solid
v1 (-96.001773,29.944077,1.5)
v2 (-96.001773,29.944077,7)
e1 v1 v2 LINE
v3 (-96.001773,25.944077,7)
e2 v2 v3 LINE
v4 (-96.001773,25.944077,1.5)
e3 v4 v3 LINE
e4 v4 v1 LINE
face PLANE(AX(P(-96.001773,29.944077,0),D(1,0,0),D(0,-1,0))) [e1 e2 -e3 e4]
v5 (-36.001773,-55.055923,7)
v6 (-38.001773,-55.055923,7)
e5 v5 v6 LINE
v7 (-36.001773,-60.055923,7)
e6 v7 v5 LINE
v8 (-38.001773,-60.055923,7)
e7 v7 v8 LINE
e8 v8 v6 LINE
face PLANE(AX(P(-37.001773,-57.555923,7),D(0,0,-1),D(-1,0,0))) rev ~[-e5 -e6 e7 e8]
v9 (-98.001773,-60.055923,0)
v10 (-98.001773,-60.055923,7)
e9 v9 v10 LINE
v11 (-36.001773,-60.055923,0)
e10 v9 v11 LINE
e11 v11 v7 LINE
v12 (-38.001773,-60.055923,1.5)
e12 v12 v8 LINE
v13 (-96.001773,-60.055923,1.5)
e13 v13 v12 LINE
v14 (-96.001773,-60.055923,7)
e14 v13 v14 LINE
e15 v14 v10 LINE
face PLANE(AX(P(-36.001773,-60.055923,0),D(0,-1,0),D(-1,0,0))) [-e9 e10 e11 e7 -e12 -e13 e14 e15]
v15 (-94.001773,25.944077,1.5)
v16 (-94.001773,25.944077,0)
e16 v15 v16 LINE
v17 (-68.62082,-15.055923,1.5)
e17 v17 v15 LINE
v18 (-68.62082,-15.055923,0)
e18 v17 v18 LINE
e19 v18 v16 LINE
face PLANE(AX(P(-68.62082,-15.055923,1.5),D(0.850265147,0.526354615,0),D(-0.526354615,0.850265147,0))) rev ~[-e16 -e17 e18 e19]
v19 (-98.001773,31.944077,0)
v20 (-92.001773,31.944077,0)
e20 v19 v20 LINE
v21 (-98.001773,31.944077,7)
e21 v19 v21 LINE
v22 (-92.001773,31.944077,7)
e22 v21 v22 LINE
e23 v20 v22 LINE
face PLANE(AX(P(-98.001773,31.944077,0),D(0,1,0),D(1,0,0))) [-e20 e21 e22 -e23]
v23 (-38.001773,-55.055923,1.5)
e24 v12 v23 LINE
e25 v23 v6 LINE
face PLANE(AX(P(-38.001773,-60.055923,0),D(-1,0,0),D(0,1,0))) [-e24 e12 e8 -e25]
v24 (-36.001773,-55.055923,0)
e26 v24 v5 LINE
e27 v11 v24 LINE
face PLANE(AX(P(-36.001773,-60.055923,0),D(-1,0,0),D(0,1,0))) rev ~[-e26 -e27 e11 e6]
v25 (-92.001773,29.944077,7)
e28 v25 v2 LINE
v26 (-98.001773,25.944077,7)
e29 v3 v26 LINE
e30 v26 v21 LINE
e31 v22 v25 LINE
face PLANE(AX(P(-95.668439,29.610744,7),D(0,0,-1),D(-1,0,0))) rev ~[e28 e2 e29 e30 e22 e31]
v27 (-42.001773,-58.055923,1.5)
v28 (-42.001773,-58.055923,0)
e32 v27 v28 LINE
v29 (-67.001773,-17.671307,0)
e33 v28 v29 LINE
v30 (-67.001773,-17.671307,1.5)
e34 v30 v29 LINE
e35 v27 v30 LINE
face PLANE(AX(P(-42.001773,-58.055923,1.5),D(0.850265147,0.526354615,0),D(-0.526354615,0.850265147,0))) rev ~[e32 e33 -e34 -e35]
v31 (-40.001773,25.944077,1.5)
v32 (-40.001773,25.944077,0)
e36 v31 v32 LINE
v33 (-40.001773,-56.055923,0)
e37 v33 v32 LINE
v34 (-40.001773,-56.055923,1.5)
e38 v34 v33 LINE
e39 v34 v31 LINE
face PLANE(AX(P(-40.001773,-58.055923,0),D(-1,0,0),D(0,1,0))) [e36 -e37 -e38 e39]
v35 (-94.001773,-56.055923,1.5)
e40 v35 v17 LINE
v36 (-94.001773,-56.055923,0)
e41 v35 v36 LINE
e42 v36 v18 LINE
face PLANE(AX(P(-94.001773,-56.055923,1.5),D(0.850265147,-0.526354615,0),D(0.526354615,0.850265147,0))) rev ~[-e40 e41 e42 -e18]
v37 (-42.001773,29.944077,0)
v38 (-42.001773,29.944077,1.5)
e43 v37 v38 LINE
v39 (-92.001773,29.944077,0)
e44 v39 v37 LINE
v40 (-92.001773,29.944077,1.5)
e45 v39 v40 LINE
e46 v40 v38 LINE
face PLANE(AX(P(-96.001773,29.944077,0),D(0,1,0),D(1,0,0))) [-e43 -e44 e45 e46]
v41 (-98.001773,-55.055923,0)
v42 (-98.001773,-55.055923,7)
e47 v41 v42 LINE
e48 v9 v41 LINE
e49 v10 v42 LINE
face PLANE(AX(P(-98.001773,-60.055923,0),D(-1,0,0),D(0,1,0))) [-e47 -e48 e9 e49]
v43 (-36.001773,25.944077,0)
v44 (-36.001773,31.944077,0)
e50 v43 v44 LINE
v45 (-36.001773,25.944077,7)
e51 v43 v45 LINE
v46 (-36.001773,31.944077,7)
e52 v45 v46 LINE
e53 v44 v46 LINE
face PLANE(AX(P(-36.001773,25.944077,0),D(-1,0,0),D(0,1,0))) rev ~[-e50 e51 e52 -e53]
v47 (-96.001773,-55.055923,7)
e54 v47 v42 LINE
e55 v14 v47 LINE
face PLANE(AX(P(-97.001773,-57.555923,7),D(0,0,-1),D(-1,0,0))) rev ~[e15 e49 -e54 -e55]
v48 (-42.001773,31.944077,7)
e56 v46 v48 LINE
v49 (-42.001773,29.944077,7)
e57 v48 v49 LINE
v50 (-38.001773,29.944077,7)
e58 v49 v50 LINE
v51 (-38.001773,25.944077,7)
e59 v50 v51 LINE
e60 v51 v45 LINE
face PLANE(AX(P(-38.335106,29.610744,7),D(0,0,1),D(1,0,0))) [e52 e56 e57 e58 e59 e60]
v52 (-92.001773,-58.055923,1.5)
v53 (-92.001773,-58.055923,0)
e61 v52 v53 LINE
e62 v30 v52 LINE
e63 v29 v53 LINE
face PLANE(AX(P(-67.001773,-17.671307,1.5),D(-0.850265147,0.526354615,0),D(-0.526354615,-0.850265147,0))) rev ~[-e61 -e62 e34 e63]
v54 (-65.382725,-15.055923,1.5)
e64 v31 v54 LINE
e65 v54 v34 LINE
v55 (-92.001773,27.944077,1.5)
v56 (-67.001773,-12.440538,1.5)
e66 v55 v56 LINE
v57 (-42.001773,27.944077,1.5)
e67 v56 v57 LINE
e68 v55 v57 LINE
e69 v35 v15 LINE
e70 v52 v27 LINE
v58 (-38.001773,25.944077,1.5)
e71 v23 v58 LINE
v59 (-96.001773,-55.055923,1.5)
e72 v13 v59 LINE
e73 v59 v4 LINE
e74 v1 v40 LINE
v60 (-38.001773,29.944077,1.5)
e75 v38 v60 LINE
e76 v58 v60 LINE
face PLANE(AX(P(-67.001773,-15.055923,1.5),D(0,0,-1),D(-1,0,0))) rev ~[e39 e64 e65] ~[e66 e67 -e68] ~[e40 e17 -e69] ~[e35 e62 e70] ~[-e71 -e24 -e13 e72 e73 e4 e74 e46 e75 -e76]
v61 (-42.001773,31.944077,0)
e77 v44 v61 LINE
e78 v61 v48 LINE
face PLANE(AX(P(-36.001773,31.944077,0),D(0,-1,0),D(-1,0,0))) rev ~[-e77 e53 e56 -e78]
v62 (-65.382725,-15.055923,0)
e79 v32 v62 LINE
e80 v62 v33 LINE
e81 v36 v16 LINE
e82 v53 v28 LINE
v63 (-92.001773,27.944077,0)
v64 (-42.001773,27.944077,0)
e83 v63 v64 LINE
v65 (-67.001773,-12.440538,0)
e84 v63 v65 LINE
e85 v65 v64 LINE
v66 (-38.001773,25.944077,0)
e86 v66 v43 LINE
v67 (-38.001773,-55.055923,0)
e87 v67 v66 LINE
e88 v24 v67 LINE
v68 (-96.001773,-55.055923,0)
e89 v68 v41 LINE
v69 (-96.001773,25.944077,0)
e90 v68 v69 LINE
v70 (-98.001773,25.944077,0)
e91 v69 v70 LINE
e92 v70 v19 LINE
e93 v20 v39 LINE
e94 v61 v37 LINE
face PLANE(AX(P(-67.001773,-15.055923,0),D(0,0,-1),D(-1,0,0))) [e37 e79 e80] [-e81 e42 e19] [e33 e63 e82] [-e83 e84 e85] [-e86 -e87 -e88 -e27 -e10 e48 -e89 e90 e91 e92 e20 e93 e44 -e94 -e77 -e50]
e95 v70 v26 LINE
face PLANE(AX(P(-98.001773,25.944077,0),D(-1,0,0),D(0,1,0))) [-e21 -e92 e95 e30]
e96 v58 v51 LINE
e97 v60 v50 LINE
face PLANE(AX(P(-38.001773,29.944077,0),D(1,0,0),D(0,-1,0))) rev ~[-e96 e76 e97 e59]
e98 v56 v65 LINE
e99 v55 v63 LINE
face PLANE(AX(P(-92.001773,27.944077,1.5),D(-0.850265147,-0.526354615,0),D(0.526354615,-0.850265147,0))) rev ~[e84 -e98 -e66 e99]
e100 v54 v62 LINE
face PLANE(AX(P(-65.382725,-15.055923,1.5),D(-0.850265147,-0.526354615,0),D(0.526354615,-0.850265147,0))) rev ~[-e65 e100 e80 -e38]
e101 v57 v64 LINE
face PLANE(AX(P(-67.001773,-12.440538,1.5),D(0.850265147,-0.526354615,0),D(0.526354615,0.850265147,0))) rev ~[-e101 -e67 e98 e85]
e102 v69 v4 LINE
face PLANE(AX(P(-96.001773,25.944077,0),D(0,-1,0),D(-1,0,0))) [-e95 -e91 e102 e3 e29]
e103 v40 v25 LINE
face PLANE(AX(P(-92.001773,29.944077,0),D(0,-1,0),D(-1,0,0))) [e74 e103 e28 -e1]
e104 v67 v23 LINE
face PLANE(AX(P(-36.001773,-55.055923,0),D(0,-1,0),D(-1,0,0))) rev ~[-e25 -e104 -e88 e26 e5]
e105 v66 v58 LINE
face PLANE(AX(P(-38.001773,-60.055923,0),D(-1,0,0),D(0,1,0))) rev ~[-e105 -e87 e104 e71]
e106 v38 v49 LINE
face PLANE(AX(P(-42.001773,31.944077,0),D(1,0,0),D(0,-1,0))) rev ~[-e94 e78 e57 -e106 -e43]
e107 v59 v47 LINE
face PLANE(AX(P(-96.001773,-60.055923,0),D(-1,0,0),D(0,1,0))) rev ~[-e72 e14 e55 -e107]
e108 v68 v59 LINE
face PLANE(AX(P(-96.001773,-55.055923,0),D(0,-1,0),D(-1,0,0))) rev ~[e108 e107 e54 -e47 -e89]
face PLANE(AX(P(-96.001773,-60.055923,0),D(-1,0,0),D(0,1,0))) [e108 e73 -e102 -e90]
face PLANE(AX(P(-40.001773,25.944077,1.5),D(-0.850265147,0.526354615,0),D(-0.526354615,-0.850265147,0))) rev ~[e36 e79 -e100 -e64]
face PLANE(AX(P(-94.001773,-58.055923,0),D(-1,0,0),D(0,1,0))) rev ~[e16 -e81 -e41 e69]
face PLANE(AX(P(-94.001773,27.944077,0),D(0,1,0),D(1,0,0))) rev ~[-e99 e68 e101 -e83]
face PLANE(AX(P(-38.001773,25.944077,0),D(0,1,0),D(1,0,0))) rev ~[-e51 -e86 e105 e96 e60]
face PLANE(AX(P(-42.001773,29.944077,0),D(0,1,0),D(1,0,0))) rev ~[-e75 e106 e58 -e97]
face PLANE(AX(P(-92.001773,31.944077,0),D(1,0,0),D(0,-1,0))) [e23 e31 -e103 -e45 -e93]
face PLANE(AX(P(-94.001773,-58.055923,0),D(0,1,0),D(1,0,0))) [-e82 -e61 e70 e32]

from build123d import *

# Parameters (mm, degrees)
CROQUIS1_W              = 58
CROQUIS1_H              = 90
CROQUIS1_W_2            = 54
CROQUIS1_H_2            = 86
SALIENTE_EXTRUIR1_DEPTH = 1.5
CROQUIS2_W              = 2
CROQUIS2_H              = 5
SALIENTE_EXTRUIR2_DEPTH = 7
SALIENTE_EXTRUIR3_START = -1.5
SALIENTE_EXTRUIR3_DEPTH = 1.5


with BuildPart() as part:
    # Croquis1 → Saliente-Extruir1 (new body)
    with BuildSketch(Plane.XY):
        with Locations((-67.00177265, -15.055922694)):
            Rectangle(CROQUIS1_W, CROQUIS1_H)
        with Locations((-67.00177265, -15.055922694)):
            Rectangle(CROQUIS1_W_2, CROQUIS1_H_2, mode=Mode.SUBTRACT)
    extrude(amount=SALIENTE_EXTRUIR1_DEPTH)

    # Croquis2 → Saliente-Extruir2 (add)
    with BuildSketch(Plane(origin=(0, 0, 0), x_dir=(-1, 0, 0), z_dir=(0, 0, -1))):
        with Locations((37.00177265, -57.555922694)):
            Rectangle(CROQUIS2_W, CROQUIS2_H)
        Polygon((38.00177265, 29.944077306), (38.00177265, 25.944077306), (36.00177265, 25.944077306), (36.00177265, 31.944077306), (42.00177265, 31.944077306), (42.00177265, 29.944077306), align=None)
        Polygon((92.00177265, 29.944077306), (96.00177265, 29.944077306), (96.00177265, 25.944077306), (98.00177265, 25.944077306), (98.00177265, 31.944077306), (92.00177265, 31.944077306), align=None)
        with Locations((97.00177265, -57.555922694)):
            Rectangle(CROQUIS2_W, CROQUIS2_H)
    extrude(amount=-SALIENTE_EXTRUIR2_DEPTH)

    # Croquis3 → Saliente-Extruir3 (add)
    with BuildSketch(Plane(origin=(0, 0, 0), x_dir=(-1, 0, 0), z_dir=(0, 0, -1)).offset(SALIENTE_EXTRUIR3_START)):
        Polygon((94.00177265, -56.055922694), (68.620820269, -15.055922694), (94.00177265, 25.944077306), (94.00177265, 27.944077306), (92.00177265, 27.944077306), (67.00177265, -12.440538078), (42.00177265, 27.944077306), (40.00177265, 27.944077306), (40.00177265, 25.944077306), (65.382725031, -15.055922694), (40.00177265, -56.055922694), (40.00177265, -58.055922694), (42.00177265, -58.055922694), (67.00177265, -17.671307309), (92.00177265, -58.055922694), (94.00177265, -58.055922694), align=None)
    extrude(amount=SALIENTE_EXTRUIR3_DEPTH)


solid = part.part
